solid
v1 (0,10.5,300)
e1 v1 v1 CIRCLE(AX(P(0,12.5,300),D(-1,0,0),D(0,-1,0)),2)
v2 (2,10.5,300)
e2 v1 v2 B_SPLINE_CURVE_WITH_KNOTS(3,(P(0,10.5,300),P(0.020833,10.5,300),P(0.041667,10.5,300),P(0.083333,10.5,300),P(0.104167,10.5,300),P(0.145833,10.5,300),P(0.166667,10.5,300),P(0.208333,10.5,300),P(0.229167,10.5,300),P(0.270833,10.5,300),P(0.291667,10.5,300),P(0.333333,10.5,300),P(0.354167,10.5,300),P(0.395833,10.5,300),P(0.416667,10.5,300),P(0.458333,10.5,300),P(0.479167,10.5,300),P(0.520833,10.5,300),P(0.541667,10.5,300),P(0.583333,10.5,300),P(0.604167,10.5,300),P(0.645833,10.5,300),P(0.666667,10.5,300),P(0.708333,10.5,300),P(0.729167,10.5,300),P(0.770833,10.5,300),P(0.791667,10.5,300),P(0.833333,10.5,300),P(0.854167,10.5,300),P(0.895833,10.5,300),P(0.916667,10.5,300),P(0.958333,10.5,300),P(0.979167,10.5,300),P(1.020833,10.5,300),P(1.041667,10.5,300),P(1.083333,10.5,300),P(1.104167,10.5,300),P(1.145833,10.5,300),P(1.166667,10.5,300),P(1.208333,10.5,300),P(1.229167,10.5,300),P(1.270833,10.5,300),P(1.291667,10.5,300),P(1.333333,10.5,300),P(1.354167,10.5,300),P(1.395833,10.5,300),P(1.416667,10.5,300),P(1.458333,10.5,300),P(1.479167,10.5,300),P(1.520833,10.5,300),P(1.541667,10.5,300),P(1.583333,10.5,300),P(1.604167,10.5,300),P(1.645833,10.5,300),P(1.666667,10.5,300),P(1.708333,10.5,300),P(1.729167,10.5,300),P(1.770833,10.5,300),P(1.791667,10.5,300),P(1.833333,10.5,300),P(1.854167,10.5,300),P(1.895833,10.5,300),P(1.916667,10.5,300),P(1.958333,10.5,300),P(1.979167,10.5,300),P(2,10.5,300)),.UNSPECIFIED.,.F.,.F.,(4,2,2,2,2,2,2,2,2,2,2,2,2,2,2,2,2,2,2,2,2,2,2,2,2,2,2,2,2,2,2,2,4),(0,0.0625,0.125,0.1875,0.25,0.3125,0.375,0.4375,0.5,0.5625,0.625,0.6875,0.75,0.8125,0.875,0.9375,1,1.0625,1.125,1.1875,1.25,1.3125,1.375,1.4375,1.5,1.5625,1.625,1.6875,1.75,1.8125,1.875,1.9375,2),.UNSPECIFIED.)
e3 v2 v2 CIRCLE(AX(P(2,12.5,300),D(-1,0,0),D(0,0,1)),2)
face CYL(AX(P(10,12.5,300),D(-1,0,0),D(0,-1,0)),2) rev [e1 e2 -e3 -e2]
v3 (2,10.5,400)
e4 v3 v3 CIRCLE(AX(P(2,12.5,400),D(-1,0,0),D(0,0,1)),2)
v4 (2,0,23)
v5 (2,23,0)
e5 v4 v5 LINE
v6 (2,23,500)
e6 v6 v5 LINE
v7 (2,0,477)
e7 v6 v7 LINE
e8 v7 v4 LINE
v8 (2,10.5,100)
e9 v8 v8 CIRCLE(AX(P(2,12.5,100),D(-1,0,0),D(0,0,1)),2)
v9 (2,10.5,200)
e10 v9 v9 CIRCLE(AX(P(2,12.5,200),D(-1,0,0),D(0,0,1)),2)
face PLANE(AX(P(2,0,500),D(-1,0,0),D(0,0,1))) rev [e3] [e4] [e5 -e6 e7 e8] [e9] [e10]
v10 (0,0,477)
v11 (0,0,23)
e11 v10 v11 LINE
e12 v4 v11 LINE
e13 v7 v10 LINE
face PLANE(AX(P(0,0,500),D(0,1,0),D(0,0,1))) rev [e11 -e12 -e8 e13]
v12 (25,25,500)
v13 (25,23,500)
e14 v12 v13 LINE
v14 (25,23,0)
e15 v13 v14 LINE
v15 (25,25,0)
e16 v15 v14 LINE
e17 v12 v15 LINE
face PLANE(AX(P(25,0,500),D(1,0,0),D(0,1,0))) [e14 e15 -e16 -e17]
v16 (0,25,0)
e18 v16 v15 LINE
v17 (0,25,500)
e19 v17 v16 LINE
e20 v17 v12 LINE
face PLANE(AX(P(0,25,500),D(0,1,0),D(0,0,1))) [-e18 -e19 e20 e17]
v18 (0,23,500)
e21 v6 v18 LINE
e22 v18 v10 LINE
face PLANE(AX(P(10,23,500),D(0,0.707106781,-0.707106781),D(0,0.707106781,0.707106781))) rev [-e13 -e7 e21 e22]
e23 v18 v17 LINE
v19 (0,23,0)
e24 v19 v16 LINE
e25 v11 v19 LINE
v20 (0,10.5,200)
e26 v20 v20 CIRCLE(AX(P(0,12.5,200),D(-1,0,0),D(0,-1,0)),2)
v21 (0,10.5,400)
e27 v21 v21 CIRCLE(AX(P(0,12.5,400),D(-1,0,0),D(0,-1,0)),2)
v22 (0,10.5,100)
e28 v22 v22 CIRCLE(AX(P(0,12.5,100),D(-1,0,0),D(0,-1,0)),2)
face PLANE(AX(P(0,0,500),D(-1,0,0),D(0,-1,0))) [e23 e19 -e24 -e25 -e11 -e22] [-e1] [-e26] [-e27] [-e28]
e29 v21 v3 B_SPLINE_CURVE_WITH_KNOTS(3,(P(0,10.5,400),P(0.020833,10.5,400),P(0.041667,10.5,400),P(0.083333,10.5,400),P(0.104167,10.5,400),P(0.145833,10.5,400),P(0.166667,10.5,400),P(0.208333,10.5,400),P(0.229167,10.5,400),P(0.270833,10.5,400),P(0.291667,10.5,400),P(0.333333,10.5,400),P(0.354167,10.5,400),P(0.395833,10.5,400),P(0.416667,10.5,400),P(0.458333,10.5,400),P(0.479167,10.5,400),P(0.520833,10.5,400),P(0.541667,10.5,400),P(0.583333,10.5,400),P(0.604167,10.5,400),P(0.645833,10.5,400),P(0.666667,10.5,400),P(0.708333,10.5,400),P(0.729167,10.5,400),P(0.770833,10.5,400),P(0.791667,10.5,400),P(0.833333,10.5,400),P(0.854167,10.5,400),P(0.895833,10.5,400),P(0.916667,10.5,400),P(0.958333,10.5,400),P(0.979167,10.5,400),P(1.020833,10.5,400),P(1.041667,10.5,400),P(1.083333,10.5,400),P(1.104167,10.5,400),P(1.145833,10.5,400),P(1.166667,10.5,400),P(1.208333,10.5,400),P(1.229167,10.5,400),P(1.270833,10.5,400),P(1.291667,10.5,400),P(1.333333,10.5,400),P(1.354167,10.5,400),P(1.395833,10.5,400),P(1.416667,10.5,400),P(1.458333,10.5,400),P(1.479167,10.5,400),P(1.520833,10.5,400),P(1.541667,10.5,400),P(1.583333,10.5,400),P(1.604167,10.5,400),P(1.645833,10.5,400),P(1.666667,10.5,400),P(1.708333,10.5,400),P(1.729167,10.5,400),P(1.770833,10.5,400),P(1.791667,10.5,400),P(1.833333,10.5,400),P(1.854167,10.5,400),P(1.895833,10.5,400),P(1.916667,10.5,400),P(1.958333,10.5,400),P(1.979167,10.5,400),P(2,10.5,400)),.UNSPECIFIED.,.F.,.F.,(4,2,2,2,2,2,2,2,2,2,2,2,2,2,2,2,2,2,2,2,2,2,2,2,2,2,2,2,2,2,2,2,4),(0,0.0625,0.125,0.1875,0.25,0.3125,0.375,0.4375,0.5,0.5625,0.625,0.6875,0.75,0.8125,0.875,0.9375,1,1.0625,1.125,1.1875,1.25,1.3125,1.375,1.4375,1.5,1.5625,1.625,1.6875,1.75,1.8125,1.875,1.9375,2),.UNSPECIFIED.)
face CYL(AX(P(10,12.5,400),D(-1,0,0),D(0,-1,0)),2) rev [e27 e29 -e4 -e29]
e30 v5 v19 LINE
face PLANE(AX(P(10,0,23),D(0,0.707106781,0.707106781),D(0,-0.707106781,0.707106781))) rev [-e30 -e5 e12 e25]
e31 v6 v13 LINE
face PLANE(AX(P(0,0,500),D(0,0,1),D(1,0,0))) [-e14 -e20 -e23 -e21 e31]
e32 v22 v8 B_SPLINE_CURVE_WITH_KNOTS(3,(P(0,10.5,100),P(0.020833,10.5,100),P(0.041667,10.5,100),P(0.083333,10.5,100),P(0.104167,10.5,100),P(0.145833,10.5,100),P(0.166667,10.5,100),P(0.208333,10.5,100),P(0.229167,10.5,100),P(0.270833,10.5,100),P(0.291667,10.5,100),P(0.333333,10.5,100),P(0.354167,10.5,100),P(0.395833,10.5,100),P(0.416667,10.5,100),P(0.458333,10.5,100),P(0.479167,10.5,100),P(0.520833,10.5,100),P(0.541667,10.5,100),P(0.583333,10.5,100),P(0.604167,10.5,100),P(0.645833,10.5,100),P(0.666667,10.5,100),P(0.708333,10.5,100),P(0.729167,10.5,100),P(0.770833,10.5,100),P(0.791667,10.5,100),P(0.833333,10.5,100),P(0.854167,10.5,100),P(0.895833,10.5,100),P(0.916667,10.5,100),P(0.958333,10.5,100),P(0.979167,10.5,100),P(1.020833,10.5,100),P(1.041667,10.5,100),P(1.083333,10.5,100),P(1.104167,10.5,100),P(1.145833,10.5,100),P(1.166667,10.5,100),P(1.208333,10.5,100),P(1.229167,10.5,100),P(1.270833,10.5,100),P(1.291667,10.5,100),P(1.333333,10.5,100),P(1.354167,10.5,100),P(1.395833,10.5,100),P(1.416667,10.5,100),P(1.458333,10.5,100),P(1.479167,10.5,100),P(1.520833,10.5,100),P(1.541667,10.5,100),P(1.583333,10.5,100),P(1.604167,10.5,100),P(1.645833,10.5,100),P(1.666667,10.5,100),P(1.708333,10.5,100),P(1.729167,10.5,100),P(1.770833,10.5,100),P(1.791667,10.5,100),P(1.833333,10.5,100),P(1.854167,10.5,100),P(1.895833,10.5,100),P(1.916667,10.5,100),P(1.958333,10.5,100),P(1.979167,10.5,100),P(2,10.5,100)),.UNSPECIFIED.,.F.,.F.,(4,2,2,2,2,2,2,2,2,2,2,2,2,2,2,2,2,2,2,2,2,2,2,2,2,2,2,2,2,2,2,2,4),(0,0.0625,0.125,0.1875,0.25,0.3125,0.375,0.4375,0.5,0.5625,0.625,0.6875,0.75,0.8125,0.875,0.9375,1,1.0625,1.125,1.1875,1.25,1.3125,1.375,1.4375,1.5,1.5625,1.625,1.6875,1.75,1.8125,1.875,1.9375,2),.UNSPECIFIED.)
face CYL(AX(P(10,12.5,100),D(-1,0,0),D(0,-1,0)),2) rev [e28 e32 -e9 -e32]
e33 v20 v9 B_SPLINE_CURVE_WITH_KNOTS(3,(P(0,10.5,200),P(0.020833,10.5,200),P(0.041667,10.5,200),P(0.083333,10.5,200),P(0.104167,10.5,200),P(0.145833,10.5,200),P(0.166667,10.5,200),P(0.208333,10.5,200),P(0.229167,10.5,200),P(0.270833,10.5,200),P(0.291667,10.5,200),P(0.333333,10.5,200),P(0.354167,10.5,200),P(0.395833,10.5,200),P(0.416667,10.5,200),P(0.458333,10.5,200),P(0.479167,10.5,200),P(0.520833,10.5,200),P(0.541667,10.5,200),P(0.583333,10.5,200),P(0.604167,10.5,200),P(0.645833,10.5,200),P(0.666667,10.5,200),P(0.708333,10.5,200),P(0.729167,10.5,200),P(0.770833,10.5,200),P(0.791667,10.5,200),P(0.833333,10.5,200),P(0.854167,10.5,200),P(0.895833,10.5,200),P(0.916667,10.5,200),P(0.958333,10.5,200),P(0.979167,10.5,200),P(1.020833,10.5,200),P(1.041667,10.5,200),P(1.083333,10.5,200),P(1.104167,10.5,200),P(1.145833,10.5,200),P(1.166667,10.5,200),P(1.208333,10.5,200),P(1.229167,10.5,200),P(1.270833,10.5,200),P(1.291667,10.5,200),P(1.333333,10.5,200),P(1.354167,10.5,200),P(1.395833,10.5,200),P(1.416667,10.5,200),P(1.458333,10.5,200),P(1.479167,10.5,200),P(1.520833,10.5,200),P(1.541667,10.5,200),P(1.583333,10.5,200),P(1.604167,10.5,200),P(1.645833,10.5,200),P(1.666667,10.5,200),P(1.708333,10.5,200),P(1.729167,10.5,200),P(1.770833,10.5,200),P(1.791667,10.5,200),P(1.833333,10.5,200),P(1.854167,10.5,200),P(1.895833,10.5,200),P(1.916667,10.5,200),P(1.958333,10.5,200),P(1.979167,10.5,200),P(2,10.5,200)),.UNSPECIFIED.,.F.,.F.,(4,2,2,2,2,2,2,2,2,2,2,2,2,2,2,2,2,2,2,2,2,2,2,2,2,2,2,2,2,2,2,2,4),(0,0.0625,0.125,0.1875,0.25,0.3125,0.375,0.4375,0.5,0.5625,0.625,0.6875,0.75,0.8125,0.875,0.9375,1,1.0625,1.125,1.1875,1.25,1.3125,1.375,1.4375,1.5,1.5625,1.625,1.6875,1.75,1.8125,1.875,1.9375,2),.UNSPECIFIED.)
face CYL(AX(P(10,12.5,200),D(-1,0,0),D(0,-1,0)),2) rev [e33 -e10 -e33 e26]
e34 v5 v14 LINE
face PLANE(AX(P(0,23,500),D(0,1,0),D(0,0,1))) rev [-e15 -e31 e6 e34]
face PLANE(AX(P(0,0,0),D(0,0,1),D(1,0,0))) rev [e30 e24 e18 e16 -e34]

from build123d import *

# Parameters (mm, degrees)
BOSS_EXTRUDE1_DEPTH = 500
SKETCH2_R           = 2
CUT_EXTRUDE1_DEPTH  = 10
CUT_EXTRUDE2_DEPTH  = 10


with BuildPart() as part:
    # Sketch1 → Boss-Extrude1 (new body)
    with BuildSketch(Plane.XY):
        Polygon((0, 25), (0, 0), (2, 0), (2, 23), (25, 23), (25, 25), (5, 25), align=None)
    extrude(amount=BOSS_EXTRUDE1_DEPTH)

    # Sketch2 → Cut-Extrude1 (cut)
    with BuildSketch(Plane.ZY):
        with Locations(Location((100, 12.5, 0), (0, 0, 270))):
            Circle(SKETCH2_R)
        with Locations(Location((200, 12.5, 0), (0, 0, 270))):
            Circle(SKETCH2_R)
        with Locations(Location((300, 12.5, 0), (0, 0, 270))):
            Circle(SKETCH2_R)
        with Locations(Location((400, 12.5, 0), (0, 0, 270))):
            Circle(SKETCH2_R)
    extrude(amount=-CUT_EXTRUDE1_DEPTH, mode=Mode.SUBTRACT)

    # Sketch3 → Cut-Extrude2 (cut)
    with BuildSketch(Plane.ZY):
        Polygon((23, 0), (0, 23), (0, 0), align=None)
        Polygon((500, 23), (477, 0), (500, 0), align=None)
    extrude(amount=-CUT_EXTRUDE2_DEPTH, mode=Mode.SUBTRACT)


solid = part.part
